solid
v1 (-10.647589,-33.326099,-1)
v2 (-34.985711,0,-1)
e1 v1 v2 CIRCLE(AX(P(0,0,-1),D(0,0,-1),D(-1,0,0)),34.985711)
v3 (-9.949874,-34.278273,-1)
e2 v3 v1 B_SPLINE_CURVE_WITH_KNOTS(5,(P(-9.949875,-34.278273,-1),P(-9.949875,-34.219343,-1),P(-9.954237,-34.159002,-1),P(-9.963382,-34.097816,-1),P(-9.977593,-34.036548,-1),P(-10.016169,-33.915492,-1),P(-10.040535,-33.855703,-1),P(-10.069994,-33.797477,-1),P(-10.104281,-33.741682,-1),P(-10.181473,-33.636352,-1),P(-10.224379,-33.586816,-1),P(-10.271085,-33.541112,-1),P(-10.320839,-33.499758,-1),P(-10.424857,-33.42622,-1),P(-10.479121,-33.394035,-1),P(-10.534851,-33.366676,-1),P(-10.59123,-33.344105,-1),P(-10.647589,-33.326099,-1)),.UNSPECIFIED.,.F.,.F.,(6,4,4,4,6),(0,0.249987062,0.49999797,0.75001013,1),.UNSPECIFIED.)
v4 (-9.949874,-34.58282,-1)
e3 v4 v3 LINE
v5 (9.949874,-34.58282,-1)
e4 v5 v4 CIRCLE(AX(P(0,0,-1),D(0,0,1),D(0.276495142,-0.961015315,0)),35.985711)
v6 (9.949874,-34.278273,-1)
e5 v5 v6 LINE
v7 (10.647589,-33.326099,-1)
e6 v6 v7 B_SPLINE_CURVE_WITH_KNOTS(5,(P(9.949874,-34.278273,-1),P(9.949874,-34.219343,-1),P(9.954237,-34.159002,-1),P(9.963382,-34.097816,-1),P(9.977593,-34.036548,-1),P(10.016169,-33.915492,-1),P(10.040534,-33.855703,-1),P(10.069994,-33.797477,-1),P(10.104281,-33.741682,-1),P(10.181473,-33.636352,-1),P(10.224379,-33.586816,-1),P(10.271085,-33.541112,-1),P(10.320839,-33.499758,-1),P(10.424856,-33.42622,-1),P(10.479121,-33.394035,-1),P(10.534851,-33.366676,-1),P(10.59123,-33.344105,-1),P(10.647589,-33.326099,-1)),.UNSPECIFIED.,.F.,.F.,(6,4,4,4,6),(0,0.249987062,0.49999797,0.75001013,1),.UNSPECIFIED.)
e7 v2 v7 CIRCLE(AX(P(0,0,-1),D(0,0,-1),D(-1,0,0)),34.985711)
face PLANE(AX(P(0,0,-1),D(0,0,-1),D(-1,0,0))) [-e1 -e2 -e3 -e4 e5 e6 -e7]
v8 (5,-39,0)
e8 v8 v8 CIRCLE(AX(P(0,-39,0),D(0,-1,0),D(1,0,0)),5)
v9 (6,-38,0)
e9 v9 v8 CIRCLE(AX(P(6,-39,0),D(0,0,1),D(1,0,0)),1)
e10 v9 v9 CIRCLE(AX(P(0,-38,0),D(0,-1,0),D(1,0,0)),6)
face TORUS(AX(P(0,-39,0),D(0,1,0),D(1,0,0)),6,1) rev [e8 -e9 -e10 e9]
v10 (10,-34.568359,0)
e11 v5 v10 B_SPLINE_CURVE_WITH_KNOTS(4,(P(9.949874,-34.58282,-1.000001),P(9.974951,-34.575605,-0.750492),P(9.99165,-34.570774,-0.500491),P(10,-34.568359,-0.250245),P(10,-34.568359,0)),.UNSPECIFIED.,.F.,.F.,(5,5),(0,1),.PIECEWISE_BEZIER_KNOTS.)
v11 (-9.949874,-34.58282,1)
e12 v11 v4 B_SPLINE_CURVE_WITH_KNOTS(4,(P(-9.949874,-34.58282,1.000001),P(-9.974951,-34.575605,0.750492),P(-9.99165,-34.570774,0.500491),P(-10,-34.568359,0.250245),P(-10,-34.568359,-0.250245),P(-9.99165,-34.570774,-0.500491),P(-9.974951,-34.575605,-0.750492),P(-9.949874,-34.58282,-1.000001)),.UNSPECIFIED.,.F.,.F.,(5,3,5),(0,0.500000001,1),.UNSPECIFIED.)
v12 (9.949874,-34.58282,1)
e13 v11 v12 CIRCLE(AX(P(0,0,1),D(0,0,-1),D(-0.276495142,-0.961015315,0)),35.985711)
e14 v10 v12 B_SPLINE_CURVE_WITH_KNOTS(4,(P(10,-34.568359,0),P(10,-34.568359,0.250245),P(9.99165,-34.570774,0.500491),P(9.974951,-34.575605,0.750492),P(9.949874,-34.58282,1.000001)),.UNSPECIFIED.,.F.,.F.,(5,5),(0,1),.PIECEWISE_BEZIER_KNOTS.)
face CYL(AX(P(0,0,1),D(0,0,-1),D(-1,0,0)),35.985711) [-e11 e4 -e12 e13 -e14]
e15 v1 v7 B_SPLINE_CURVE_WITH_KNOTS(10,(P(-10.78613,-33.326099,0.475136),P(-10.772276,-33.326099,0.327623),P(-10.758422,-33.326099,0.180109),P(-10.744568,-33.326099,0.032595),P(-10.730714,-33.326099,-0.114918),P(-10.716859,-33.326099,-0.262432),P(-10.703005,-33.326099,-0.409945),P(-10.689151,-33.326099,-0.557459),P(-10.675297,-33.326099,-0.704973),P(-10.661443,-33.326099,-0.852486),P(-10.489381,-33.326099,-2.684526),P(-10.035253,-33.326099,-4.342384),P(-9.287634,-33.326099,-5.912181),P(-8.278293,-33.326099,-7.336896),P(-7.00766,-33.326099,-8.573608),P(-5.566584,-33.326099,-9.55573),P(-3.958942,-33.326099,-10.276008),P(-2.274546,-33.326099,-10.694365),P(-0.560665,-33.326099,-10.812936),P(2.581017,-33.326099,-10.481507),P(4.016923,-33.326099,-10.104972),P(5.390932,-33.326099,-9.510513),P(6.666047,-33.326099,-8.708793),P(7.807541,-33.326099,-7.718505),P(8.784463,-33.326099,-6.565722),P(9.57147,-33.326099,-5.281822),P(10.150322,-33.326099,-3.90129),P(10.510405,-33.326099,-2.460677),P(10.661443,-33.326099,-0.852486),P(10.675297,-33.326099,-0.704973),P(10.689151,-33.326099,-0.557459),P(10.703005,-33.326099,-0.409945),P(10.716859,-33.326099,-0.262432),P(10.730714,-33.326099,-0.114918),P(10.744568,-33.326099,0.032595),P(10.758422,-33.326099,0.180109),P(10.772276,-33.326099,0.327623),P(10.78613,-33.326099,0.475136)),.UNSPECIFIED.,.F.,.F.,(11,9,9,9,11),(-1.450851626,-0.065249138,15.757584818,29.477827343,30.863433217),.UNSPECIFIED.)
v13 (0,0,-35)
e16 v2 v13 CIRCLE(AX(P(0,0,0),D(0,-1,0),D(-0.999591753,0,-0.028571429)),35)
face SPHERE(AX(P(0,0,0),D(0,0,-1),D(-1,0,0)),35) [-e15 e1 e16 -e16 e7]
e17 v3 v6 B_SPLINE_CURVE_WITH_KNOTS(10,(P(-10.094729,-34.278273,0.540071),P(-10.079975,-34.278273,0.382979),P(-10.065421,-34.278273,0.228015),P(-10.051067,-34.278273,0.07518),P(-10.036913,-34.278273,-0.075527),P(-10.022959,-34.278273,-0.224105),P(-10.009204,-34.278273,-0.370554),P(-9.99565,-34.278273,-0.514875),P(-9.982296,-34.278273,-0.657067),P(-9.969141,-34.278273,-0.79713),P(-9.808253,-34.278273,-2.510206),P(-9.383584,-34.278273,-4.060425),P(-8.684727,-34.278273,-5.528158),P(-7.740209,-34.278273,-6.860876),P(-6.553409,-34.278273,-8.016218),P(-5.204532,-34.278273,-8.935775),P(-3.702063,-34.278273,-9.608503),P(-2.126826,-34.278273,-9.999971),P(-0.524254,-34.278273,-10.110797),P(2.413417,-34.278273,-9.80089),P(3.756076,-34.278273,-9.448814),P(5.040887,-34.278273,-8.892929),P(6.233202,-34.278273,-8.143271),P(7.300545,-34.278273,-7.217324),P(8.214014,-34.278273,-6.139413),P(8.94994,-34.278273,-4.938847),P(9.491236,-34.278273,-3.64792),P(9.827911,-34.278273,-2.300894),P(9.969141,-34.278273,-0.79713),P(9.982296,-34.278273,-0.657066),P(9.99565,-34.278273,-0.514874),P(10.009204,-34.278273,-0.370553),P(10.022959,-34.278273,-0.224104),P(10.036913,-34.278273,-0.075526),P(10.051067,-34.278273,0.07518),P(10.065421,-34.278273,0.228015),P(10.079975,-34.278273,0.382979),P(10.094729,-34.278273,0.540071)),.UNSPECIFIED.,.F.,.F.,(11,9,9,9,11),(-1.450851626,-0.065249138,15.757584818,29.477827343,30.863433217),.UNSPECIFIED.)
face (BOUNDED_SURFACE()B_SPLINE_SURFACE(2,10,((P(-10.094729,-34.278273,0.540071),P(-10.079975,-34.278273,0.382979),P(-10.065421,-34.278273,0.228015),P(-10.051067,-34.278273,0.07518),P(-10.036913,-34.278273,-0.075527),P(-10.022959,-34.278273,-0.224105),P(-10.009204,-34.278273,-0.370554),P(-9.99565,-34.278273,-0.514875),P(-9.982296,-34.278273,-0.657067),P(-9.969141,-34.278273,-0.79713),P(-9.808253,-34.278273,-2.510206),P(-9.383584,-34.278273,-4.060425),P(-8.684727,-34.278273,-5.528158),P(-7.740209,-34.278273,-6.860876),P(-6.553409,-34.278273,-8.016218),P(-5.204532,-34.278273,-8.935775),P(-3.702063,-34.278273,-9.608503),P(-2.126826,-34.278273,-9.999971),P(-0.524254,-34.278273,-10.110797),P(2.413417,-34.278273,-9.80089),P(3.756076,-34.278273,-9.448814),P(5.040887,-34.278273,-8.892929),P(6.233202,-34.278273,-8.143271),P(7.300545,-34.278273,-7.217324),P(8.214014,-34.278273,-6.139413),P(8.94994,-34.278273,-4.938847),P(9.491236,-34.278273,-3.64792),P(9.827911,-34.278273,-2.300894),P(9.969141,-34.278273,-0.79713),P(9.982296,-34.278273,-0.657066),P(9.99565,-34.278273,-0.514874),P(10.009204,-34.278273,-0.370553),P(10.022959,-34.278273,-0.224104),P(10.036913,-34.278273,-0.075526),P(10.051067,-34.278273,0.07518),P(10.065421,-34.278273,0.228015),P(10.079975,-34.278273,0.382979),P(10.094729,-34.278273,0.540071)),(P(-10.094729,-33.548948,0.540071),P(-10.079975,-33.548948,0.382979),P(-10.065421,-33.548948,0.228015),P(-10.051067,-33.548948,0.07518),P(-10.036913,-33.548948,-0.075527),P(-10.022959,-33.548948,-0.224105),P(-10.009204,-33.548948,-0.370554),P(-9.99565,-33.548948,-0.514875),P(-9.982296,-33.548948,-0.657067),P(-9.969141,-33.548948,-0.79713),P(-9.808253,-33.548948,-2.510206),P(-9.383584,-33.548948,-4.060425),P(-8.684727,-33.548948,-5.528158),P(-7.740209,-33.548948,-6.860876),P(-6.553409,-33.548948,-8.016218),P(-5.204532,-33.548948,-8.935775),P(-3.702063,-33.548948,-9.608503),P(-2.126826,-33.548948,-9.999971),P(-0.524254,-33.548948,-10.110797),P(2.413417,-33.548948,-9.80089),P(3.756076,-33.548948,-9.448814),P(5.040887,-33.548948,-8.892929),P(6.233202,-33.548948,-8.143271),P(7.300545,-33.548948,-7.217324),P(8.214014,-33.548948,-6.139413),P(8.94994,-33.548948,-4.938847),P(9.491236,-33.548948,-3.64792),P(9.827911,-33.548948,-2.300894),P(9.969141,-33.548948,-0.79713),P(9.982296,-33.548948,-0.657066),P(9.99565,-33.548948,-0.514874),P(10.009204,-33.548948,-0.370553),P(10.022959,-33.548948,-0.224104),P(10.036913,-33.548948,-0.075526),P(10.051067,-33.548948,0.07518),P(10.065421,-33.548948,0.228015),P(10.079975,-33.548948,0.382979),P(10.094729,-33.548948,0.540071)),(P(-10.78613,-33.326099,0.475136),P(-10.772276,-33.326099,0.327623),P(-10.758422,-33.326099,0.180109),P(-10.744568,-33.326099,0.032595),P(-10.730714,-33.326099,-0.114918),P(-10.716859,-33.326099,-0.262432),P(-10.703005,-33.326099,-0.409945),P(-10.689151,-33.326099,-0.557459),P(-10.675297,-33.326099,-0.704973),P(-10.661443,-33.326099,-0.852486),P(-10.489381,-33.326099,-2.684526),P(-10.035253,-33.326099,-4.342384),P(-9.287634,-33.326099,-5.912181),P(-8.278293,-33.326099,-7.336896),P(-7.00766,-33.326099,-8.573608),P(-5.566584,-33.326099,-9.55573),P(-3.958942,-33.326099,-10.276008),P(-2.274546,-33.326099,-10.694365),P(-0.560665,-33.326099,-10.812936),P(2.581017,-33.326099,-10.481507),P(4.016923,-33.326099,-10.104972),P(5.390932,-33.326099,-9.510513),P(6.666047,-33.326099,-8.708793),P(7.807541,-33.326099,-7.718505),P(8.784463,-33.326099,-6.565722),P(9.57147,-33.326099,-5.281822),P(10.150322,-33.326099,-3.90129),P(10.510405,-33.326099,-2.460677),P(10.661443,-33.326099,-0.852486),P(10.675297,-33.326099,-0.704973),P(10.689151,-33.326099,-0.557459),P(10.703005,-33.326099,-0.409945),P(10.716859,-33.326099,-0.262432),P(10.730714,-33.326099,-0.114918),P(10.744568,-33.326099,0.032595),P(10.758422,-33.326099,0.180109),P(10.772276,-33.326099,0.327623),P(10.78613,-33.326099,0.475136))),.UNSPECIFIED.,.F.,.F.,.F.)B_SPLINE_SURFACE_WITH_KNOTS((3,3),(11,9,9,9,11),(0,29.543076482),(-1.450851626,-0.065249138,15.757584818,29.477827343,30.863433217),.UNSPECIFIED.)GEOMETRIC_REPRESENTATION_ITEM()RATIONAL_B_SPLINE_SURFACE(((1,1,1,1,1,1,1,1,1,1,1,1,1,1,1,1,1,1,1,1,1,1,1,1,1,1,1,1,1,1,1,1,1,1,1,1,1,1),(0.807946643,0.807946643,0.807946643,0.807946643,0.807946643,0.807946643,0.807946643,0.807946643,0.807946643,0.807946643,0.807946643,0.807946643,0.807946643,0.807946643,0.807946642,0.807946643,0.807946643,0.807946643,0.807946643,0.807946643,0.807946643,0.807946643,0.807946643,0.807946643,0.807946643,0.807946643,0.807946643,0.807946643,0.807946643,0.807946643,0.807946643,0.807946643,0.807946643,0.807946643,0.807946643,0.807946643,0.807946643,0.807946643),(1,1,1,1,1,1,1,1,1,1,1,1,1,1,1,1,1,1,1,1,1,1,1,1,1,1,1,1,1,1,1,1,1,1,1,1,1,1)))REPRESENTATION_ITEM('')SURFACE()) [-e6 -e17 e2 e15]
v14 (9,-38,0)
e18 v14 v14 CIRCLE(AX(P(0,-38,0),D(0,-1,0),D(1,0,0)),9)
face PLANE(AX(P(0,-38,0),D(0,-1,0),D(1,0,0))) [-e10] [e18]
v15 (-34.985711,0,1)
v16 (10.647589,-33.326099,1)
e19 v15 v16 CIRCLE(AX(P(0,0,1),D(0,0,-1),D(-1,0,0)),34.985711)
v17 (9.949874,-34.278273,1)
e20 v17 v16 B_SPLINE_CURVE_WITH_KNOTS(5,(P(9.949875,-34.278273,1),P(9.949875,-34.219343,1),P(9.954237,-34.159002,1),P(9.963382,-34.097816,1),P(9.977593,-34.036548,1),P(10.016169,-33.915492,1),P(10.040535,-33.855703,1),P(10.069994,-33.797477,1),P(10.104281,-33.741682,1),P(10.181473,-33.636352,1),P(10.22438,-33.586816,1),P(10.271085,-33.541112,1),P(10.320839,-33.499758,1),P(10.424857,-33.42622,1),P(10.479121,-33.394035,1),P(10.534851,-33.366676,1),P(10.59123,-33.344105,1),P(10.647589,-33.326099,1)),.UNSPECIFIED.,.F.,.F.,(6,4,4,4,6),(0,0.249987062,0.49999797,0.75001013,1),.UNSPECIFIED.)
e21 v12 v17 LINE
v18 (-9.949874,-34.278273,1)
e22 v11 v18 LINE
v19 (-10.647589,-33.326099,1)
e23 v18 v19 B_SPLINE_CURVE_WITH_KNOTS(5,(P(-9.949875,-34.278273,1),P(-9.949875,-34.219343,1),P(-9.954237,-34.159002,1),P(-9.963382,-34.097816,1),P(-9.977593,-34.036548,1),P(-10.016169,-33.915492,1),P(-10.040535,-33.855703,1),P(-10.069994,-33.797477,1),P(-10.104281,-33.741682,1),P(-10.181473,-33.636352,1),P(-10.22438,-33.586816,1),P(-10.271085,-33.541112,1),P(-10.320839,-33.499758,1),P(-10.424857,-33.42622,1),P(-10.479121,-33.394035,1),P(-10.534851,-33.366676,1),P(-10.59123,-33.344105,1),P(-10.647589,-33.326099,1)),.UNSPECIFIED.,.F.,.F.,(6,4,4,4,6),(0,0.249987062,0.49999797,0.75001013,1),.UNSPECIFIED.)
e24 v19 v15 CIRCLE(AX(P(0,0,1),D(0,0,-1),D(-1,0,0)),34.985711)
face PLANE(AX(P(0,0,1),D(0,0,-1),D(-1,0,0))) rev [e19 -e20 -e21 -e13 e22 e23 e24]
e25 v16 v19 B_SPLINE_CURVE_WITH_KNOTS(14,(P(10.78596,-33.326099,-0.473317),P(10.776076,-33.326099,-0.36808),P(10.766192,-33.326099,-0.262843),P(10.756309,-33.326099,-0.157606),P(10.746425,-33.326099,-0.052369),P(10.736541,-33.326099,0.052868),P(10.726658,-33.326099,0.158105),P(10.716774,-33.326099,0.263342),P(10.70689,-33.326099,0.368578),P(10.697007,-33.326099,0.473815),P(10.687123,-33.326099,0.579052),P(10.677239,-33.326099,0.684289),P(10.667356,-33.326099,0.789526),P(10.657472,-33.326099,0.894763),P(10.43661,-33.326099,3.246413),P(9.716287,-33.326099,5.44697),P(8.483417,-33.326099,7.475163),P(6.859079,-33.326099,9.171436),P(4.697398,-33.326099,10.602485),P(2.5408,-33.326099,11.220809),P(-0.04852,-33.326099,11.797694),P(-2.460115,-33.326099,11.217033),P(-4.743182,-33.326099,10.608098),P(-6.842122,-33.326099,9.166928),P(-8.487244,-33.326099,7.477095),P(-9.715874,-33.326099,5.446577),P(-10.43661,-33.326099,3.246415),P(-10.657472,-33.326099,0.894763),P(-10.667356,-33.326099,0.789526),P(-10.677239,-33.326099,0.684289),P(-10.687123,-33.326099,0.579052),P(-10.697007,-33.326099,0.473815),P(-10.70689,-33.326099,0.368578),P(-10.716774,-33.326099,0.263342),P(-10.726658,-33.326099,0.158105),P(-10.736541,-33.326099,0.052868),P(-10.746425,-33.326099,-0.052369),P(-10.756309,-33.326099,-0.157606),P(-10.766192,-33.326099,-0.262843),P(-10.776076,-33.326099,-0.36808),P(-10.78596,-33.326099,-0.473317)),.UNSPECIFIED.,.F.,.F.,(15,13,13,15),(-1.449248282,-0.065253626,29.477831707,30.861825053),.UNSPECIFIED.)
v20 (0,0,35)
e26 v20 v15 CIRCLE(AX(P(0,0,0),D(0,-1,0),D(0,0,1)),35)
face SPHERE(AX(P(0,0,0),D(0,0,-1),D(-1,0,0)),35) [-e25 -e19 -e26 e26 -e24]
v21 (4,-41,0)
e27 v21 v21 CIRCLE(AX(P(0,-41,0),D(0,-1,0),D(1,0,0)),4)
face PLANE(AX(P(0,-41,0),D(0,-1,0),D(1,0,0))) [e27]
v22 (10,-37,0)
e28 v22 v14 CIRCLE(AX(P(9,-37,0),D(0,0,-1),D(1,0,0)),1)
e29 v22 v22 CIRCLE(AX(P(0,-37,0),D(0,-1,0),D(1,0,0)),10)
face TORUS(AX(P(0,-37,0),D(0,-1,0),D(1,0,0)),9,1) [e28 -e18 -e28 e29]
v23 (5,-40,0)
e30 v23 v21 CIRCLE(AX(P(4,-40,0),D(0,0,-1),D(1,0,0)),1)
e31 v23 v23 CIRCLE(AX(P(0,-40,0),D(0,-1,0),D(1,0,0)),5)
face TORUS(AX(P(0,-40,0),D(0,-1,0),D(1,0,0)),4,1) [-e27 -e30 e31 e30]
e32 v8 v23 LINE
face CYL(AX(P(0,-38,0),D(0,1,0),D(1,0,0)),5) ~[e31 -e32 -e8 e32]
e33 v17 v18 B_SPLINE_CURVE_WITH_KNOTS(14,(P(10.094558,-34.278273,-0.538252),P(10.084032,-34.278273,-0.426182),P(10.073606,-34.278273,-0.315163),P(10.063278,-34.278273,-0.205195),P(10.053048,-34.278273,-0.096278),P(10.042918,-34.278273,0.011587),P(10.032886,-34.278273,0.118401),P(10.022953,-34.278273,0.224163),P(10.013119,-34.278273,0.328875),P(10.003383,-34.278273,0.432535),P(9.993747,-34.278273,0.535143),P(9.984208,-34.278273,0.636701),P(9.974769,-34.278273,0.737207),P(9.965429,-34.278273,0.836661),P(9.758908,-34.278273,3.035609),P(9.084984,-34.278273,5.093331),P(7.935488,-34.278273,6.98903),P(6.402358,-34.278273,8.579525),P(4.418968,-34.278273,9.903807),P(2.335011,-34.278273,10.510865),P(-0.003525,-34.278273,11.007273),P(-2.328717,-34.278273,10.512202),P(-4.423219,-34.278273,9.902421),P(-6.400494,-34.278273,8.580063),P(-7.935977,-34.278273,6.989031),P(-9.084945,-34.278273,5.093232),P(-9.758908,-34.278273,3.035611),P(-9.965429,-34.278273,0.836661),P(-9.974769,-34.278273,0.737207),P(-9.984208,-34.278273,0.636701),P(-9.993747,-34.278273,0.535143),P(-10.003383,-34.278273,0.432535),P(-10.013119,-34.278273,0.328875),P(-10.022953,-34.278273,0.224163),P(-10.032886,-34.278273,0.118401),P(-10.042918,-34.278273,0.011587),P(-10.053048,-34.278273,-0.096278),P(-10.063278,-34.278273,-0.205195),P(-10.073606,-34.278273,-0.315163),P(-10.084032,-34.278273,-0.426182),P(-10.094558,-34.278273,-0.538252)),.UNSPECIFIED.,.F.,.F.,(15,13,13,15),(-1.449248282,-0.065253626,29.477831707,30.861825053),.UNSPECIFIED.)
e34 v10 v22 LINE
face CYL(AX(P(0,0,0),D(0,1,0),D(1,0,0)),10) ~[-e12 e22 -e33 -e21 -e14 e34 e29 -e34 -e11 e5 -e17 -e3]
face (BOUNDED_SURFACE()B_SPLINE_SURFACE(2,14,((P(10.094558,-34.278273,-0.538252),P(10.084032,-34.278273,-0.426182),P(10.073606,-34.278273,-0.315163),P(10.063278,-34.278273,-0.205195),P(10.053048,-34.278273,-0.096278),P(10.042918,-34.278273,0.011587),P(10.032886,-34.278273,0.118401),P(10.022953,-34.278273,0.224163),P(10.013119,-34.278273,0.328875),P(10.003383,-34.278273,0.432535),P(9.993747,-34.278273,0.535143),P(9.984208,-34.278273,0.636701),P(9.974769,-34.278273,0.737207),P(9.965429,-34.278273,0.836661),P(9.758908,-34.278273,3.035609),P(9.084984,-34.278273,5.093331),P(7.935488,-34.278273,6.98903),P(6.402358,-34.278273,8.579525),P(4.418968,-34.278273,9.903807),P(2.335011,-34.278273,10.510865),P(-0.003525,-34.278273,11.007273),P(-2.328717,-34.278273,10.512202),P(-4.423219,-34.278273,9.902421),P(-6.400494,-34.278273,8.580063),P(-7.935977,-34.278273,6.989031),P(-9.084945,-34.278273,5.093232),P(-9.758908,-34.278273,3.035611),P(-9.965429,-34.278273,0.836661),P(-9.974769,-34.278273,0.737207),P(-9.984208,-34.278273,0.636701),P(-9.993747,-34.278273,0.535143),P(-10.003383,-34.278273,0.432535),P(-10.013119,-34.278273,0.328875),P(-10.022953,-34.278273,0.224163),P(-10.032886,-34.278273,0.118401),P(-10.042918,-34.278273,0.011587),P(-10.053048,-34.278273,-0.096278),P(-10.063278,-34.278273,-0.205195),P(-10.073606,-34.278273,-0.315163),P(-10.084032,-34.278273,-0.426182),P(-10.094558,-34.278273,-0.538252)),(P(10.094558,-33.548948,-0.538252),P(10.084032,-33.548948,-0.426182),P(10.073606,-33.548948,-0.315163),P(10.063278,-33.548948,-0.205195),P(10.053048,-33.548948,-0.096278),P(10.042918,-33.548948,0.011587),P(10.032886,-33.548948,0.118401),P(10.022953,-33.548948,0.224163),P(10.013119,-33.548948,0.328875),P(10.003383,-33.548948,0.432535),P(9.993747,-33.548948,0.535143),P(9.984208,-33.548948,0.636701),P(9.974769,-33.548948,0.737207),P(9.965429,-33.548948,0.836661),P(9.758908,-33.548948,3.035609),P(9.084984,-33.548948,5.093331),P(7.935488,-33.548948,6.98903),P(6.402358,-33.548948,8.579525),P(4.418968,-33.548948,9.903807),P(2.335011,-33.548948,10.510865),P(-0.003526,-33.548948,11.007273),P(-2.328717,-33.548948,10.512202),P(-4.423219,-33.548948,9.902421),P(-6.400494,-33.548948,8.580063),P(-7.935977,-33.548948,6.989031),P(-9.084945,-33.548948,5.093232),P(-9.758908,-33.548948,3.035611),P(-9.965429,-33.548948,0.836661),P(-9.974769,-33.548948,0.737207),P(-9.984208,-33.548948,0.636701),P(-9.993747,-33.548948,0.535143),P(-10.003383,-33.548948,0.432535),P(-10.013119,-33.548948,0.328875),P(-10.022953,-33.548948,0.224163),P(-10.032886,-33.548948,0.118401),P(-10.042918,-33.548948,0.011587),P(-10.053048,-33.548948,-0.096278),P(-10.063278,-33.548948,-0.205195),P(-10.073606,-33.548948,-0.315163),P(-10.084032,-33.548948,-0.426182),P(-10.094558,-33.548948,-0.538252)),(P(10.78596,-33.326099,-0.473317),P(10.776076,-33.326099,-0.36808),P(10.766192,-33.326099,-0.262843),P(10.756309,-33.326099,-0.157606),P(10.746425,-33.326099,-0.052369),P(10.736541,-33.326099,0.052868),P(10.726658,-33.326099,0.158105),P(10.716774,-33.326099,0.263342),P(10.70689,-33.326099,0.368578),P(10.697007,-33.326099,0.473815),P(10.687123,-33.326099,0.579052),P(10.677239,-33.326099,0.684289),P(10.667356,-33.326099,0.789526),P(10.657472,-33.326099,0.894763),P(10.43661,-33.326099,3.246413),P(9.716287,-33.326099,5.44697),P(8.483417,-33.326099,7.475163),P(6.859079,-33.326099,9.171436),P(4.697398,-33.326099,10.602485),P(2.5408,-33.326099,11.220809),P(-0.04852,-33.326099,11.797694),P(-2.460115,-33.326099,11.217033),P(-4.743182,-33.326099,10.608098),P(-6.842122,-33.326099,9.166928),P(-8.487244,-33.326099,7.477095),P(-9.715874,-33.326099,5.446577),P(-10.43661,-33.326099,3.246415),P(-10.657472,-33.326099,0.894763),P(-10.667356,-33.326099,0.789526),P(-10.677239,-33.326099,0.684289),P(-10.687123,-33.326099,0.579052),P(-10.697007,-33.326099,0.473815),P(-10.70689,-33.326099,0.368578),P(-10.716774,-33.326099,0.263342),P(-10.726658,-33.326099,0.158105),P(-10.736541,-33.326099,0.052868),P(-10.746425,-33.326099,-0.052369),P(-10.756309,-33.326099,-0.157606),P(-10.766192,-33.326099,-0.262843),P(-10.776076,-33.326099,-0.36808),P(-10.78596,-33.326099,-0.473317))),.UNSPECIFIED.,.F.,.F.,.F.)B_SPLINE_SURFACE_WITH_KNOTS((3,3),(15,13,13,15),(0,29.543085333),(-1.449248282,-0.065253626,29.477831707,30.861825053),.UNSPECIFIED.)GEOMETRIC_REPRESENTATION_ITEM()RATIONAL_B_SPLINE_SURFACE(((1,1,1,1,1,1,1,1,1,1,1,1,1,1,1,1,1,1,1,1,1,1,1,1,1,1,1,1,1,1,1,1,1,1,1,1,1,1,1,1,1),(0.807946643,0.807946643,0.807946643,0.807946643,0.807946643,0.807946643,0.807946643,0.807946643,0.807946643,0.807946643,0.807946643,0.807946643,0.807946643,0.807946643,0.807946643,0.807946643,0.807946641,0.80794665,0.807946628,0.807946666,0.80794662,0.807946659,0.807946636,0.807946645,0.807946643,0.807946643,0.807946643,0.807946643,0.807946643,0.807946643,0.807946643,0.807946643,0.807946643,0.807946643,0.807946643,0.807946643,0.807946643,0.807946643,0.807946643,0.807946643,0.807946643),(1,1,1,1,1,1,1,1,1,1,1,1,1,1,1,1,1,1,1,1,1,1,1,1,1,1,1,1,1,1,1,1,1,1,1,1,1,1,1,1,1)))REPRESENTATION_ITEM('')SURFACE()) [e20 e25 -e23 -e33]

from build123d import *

# Parameters (mm, degrees)
F2_R     = 10
F3_DEPTH = 38
F5_R     = 5
F6_DEPTH = 3
F7_R     = 1


with BuildPart() as f1:
    # F0 (on Front) → F1 (revolve)
    with BuildSketch(Plane.XZ):
        with BuildLine():
            Line((0, 1), (0, 35))
            ThreePointArc((0, 35), (-24.3926218353, 25.099800796), (-34.9857113691, 1))
            Line((-34.9857113691, 1), (-35.9857113691, 1))
            Line((-35.9857113691, 1), (-35.9857113691, -1))
            Line((-35.9857113691, -1), (-34.9857113691, -1))
            ThreePointArc((-34.9857113691, -1), (-24.3926218353, -25.099800796), (0, -35))
            Line((0, -35), (0, -1))
            Line((0, -1), (0, 0))
            Line((0, 0), (0, 1))
        make_face()
    revolve(axis=Axis((0, 0, 17.5), (0, 0, -1)))

    # F2 (on Front) → F3 (join)
    with BuildSketch(Plane.XZ):
        Circle(F2_R)
    extrude(amount=F3_DEPTH)

    # F5 (on face) → F6 (join)
    with BuildSketch(Plane.XZ.offset(38)):
        Circle(F5_R)
    extrude(amount=F6_DEPTH)

    # F7
    f7_edges = [f1.edges().sort_by_distance(p)[0] for p in [
        (-5, -41, 0),
        (-5, -38, 0),
        (-10, -38, 0),
        (0, -33.54102, 10),
        (0, -33.54102, -10),
    ]]
    fillet(f7_edges, radius=F7_R)


solid = f1.part
